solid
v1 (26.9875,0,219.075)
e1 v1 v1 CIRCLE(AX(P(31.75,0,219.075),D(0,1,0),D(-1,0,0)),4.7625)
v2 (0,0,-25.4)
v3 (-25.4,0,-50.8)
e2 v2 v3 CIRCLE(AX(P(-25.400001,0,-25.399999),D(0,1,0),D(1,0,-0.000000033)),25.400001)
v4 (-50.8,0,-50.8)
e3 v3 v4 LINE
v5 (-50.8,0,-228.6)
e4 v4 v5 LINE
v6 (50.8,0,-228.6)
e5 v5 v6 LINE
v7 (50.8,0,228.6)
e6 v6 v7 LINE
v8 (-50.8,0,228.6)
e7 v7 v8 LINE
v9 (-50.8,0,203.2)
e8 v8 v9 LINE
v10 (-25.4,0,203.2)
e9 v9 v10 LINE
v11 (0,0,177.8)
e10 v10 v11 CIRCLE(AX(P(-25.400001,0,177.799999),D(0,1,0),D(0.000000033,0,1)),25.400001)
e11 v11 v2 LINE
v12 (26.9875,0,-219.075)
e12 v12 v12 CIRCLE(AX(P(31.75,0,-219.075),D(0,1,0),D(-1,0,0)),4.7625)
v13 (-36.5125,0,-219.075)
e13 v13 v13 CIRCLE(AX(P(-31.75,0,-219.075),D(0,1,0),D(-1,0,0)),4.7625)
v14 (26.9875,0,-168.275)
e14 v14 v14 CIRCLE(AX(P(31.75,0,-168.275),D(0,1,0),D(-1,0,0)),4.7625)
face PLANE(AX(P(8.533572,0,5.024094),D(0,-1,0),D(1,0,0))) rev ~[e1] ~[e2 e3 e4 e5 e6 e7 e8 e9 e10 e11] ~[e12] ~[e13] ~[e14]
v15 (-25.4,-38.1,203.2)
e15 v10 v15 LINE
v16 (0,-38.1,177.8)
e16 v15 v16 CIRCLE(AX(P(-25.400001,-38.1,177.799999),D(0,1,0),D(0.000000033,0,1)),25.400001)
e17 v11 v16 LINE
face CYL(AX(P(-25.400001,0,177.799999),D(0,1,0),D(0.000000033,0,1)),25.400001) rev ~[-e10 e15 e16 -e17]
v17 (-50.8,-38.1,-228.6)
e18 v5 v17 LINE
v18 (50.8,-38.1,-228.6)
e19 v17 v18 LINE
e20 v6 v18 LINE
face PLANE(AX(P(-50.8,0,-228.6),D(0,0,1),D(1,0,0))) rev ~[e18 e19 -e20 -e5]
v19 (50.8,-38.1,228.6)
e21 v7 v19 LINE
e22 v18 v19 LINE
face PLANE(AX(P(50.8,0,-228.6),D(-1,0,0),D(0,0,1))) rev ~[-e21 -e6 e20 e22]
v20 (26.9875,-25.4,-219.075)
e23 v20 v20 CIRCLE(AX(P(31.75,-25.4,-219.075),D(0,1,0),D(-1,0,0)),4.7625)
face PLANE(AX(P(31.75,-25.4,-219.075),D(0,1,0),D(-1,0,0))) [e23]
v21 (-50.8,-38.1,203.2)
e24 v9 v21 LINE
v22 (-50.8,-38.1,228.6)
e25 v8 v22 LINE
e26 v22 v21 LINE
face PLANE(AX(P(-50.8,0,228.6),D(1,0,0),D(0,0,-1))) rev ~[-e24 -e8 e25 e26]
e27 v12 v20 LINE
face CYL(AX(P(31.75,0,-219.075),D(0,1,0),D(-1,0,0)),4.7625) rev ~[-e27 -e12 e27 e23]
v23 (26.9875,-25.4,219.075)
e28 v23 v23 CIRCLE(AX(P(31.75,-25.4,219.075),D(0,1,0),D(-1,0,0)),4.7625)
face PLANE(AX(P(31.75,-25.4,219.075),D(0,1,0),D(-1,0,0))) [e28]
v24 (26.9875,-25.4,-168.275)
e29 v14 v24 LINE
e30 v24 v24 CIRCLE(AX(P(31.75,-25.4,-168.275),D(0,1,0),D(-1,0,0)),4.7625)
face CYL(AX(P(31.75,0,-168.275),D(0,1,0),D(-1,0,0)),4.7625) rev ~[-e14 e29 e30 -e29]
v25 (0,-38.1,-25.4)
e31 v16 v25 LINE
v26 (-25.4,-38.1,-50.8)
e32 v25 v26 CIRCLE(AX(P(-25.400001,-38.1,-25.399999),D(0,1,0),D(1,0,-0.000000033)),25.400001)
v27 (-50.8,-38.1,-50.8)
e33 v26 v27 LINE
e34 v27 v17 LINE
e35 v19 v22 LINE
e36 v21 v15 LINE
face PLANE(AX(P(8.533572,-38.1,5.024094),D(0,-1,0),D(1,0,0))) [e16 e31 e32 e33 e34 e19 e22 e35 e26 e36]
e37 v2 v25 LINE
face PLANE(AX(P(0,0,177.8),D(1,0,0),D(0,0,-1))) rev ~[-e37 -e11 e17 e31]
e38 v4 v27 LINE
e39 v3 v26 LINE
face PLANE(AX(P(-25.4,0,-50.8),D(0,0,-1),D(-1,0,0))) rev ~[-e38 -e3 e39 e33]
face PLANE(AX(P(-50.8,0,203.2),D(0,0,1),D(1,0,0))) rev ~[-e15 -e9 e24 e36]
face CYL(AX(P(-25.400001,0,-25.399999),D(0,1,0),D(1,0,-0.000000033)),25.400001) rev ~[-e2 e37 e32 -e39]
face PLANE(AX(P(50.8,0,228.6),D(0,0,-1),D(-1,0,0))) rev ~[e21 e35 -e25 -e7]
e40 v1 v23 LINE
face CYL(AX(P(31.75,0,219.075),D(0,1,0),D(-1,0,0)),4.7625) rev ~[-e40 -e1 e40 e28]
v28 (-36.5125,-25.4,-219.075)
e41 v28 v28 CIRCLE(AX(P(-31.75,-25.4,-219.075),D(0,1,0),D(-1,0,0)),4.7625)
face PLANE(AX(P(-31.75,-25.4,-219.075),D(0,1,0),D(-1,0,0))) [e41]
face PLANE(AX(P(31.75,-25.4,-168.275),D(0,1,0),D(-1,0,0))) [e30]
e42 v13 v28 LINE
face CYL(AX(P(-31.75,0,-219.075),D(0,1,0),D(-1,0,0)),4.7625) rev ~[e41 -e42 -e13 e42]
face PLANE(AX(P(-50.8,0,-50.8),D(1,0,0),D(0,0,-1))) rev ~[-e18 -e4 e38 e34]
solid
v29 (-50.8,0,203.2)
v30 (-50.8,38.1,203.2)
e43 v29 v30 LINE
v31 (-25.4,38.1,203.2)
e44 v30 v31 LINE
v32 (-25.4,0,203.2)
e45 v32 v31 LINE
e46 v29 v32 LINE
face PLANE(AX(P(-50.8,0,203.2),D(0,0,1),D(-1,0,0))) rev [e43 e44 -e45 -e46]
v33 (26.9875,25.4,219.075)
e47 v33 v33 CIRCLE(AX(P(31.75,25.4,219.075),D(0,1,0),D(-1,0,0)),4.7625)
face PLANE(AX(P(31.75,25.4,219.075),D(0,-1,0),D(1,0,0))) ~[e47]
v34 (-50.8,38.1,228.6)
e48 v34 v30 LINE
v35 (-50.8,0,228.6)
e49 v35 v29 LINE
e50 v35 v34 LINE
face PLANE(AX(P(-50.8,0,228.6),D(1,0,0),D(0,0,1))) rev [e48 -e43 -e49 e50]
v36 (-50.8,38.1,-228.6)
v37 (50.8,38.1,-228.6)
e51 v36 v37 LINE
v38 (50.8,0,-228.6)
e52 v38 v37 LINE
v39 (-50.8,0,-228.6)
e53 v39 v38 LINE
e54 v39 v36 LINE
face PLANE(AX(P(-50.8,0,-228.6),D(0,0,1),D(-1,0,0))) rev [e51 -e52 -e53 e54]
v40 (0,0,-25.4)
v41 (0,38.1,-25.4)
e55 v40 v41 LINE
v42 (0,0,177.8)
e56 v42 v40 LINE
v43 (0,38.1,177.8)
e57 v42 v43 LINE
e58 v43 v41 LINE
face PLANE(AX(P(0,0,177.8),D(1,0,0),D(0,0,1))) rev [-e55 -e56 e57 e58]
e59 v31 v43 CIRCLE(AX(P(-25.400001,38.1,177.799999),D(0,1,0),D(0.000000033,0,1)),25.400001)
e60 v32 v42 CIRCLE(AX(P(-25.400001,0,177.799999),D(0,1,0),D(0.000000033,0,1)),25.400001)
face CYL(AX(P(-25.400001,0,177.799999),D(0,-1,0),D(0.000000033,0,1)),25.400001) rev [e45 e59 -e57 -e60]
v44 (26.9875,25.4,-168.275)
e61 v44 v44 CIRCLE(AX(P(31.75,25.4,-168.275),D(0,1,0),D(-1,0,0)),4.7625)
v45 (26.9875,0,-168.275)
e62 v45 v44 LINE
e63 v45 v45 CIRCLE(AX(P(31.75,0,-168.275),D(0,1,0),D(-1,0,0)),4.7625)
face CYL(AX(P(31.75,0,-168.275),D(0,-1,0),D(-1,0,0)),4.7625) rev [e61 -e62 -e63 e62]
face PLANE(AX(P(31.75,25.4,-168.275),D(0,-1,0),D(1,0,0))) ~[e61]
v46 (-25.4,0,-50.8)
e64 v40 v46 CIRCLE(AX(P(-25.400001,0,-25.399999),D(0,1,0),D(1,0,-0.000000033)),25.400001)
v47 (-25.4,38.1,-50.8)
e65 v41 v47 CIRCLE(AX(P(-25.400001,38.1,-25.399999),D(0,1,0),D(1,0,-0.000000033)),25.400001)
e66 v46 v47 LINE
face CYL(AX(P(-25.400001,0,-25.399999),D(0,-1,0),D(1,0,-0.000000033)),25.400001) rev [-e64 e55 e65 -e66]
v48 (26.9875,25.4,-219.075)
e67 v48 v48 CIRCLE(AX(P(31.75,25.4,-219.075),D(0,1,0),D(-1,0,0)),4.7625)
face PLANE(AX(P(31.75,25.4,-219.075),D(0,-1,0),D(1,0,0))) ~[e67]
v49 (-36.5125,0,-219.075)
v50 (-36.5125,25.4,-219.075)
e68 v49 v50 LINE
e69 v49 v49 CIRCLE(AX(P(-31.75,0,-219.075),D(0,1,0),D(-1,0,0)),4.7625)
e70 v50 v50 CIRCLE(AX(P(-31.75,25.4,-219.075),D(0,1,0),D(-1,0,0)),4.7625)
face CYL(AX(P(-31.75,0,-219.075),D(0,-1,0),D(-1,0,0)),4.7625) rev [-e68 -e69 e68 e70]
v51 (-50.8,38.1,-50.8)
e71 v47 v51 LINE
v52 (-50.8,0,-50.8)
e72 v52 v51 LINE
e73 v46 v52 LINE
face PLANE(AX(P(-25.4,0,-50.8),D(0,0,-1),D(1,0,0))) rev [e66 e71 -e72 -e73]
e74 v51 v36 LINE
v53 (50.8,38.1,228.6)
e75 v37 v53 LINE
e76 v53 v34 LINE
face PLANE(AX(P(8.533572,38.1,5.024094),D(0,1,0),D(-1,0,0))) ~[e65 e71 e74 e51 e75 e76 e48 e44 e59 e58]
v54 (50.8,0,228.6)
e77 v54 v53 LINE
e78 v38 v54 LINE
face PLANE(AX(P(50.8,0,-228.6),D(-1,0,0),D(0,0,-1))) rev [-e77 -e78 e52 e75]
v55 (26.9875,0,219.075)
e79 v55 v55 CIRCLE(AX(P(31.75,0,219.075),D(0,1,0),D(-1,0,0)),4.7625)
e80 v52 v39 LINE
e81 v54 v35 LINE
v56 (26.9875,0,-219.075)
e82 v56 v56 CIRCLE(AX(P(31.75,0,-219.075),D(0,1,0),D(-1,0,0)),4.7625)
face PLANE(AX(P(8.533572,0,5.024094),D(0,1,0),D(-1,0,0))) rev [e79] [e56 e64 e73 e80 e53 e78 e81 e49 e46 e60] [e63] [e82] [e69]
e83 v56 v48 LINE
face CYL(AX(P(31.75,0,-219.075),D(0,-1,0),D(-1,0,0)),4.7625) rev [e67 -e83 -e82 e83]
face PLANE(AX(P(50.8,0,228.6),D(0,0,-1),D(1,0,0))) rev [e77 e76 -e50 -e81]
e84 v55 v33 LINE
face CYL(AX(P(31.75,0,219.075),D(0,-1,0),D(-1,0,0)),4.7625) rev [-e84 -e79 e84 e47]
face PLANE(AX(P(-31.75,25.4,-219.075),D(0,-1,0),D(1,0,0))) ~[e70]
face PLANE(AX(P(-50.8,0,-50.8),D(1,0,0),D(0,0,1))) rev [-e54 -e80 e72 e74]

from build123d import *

# Parameters (mm, degrees)
F1_DEPTH = 38.1
F2_R     = 4.7625
F3_DEPTH = 25.4
F4_R     = 4.7625
F5_DEPTH = 25.4


with BuildPart() as f1:
    # F0 (on Front) → F1 (new body)
    with BuildSketch(Plane.XZ):
        with BuildLine():
            Line((50.8, -228.6), (50.8, 228.6))
            Line((50.8, 228.6), (-50.8, 228.6))
            Line((-50.8, 228.6), (-50.8, 203.2))
            Line((-50.8, 203.2), (-25.4, 203.2))
            ThreePointArc((-25.4, 203.2), (-7.439488, 195.760512), (0, 177.8))
            Line((0, 177.8), (0, -25.4))
            ThreePointArc((0, -25.4), (-7.439488, -43.360512), (-25.4, -50.8))
            Line((-25.4, -50.8), (-50.8, -50.8))
            Line((-50.8, -50.8), (-50.8, -228.6))
            Line((-50.8, -228.6), (50.8, -228.6))
        make_face()
    extrude(amount=F1_DEPTH)

    # F2 (on face) → F3 (cut)
    with BuildSketch(Plane(origin=(0, 0, 0), x_dir=(-1, 0, 0), z_dir=(0, 1, 0))):
        with Locations((-31.75, -219.075)):
            Circle(F2_R)
        with Locations((31.75, -219.075)):
            Circle(F2_R)
        with Locations((-31.75, -168.275)):
            Circle(F2_R)
    extrude(amount=-F3_DEPTH, mode=Mode.SUBTRACT)

    # F4 (on face) → F5 (cut)
    with BuildSketch(Plane(origin=(0, 0, 0), x_dir=(-1, 0, 0), z_dir=(0, 1, 0))):
        with Locations((-31.75, 219.075)):
            Circle(F4_R)
    extrude(amount=-F5_DEPTH, mode=Mode.SUBTRACT)


with BuildPart() as f6_1:
    # F6: instance of F1
    add(f1.part.mirror(Plane.XZ))


solid = Compound([f1.part, f6_1.part])
